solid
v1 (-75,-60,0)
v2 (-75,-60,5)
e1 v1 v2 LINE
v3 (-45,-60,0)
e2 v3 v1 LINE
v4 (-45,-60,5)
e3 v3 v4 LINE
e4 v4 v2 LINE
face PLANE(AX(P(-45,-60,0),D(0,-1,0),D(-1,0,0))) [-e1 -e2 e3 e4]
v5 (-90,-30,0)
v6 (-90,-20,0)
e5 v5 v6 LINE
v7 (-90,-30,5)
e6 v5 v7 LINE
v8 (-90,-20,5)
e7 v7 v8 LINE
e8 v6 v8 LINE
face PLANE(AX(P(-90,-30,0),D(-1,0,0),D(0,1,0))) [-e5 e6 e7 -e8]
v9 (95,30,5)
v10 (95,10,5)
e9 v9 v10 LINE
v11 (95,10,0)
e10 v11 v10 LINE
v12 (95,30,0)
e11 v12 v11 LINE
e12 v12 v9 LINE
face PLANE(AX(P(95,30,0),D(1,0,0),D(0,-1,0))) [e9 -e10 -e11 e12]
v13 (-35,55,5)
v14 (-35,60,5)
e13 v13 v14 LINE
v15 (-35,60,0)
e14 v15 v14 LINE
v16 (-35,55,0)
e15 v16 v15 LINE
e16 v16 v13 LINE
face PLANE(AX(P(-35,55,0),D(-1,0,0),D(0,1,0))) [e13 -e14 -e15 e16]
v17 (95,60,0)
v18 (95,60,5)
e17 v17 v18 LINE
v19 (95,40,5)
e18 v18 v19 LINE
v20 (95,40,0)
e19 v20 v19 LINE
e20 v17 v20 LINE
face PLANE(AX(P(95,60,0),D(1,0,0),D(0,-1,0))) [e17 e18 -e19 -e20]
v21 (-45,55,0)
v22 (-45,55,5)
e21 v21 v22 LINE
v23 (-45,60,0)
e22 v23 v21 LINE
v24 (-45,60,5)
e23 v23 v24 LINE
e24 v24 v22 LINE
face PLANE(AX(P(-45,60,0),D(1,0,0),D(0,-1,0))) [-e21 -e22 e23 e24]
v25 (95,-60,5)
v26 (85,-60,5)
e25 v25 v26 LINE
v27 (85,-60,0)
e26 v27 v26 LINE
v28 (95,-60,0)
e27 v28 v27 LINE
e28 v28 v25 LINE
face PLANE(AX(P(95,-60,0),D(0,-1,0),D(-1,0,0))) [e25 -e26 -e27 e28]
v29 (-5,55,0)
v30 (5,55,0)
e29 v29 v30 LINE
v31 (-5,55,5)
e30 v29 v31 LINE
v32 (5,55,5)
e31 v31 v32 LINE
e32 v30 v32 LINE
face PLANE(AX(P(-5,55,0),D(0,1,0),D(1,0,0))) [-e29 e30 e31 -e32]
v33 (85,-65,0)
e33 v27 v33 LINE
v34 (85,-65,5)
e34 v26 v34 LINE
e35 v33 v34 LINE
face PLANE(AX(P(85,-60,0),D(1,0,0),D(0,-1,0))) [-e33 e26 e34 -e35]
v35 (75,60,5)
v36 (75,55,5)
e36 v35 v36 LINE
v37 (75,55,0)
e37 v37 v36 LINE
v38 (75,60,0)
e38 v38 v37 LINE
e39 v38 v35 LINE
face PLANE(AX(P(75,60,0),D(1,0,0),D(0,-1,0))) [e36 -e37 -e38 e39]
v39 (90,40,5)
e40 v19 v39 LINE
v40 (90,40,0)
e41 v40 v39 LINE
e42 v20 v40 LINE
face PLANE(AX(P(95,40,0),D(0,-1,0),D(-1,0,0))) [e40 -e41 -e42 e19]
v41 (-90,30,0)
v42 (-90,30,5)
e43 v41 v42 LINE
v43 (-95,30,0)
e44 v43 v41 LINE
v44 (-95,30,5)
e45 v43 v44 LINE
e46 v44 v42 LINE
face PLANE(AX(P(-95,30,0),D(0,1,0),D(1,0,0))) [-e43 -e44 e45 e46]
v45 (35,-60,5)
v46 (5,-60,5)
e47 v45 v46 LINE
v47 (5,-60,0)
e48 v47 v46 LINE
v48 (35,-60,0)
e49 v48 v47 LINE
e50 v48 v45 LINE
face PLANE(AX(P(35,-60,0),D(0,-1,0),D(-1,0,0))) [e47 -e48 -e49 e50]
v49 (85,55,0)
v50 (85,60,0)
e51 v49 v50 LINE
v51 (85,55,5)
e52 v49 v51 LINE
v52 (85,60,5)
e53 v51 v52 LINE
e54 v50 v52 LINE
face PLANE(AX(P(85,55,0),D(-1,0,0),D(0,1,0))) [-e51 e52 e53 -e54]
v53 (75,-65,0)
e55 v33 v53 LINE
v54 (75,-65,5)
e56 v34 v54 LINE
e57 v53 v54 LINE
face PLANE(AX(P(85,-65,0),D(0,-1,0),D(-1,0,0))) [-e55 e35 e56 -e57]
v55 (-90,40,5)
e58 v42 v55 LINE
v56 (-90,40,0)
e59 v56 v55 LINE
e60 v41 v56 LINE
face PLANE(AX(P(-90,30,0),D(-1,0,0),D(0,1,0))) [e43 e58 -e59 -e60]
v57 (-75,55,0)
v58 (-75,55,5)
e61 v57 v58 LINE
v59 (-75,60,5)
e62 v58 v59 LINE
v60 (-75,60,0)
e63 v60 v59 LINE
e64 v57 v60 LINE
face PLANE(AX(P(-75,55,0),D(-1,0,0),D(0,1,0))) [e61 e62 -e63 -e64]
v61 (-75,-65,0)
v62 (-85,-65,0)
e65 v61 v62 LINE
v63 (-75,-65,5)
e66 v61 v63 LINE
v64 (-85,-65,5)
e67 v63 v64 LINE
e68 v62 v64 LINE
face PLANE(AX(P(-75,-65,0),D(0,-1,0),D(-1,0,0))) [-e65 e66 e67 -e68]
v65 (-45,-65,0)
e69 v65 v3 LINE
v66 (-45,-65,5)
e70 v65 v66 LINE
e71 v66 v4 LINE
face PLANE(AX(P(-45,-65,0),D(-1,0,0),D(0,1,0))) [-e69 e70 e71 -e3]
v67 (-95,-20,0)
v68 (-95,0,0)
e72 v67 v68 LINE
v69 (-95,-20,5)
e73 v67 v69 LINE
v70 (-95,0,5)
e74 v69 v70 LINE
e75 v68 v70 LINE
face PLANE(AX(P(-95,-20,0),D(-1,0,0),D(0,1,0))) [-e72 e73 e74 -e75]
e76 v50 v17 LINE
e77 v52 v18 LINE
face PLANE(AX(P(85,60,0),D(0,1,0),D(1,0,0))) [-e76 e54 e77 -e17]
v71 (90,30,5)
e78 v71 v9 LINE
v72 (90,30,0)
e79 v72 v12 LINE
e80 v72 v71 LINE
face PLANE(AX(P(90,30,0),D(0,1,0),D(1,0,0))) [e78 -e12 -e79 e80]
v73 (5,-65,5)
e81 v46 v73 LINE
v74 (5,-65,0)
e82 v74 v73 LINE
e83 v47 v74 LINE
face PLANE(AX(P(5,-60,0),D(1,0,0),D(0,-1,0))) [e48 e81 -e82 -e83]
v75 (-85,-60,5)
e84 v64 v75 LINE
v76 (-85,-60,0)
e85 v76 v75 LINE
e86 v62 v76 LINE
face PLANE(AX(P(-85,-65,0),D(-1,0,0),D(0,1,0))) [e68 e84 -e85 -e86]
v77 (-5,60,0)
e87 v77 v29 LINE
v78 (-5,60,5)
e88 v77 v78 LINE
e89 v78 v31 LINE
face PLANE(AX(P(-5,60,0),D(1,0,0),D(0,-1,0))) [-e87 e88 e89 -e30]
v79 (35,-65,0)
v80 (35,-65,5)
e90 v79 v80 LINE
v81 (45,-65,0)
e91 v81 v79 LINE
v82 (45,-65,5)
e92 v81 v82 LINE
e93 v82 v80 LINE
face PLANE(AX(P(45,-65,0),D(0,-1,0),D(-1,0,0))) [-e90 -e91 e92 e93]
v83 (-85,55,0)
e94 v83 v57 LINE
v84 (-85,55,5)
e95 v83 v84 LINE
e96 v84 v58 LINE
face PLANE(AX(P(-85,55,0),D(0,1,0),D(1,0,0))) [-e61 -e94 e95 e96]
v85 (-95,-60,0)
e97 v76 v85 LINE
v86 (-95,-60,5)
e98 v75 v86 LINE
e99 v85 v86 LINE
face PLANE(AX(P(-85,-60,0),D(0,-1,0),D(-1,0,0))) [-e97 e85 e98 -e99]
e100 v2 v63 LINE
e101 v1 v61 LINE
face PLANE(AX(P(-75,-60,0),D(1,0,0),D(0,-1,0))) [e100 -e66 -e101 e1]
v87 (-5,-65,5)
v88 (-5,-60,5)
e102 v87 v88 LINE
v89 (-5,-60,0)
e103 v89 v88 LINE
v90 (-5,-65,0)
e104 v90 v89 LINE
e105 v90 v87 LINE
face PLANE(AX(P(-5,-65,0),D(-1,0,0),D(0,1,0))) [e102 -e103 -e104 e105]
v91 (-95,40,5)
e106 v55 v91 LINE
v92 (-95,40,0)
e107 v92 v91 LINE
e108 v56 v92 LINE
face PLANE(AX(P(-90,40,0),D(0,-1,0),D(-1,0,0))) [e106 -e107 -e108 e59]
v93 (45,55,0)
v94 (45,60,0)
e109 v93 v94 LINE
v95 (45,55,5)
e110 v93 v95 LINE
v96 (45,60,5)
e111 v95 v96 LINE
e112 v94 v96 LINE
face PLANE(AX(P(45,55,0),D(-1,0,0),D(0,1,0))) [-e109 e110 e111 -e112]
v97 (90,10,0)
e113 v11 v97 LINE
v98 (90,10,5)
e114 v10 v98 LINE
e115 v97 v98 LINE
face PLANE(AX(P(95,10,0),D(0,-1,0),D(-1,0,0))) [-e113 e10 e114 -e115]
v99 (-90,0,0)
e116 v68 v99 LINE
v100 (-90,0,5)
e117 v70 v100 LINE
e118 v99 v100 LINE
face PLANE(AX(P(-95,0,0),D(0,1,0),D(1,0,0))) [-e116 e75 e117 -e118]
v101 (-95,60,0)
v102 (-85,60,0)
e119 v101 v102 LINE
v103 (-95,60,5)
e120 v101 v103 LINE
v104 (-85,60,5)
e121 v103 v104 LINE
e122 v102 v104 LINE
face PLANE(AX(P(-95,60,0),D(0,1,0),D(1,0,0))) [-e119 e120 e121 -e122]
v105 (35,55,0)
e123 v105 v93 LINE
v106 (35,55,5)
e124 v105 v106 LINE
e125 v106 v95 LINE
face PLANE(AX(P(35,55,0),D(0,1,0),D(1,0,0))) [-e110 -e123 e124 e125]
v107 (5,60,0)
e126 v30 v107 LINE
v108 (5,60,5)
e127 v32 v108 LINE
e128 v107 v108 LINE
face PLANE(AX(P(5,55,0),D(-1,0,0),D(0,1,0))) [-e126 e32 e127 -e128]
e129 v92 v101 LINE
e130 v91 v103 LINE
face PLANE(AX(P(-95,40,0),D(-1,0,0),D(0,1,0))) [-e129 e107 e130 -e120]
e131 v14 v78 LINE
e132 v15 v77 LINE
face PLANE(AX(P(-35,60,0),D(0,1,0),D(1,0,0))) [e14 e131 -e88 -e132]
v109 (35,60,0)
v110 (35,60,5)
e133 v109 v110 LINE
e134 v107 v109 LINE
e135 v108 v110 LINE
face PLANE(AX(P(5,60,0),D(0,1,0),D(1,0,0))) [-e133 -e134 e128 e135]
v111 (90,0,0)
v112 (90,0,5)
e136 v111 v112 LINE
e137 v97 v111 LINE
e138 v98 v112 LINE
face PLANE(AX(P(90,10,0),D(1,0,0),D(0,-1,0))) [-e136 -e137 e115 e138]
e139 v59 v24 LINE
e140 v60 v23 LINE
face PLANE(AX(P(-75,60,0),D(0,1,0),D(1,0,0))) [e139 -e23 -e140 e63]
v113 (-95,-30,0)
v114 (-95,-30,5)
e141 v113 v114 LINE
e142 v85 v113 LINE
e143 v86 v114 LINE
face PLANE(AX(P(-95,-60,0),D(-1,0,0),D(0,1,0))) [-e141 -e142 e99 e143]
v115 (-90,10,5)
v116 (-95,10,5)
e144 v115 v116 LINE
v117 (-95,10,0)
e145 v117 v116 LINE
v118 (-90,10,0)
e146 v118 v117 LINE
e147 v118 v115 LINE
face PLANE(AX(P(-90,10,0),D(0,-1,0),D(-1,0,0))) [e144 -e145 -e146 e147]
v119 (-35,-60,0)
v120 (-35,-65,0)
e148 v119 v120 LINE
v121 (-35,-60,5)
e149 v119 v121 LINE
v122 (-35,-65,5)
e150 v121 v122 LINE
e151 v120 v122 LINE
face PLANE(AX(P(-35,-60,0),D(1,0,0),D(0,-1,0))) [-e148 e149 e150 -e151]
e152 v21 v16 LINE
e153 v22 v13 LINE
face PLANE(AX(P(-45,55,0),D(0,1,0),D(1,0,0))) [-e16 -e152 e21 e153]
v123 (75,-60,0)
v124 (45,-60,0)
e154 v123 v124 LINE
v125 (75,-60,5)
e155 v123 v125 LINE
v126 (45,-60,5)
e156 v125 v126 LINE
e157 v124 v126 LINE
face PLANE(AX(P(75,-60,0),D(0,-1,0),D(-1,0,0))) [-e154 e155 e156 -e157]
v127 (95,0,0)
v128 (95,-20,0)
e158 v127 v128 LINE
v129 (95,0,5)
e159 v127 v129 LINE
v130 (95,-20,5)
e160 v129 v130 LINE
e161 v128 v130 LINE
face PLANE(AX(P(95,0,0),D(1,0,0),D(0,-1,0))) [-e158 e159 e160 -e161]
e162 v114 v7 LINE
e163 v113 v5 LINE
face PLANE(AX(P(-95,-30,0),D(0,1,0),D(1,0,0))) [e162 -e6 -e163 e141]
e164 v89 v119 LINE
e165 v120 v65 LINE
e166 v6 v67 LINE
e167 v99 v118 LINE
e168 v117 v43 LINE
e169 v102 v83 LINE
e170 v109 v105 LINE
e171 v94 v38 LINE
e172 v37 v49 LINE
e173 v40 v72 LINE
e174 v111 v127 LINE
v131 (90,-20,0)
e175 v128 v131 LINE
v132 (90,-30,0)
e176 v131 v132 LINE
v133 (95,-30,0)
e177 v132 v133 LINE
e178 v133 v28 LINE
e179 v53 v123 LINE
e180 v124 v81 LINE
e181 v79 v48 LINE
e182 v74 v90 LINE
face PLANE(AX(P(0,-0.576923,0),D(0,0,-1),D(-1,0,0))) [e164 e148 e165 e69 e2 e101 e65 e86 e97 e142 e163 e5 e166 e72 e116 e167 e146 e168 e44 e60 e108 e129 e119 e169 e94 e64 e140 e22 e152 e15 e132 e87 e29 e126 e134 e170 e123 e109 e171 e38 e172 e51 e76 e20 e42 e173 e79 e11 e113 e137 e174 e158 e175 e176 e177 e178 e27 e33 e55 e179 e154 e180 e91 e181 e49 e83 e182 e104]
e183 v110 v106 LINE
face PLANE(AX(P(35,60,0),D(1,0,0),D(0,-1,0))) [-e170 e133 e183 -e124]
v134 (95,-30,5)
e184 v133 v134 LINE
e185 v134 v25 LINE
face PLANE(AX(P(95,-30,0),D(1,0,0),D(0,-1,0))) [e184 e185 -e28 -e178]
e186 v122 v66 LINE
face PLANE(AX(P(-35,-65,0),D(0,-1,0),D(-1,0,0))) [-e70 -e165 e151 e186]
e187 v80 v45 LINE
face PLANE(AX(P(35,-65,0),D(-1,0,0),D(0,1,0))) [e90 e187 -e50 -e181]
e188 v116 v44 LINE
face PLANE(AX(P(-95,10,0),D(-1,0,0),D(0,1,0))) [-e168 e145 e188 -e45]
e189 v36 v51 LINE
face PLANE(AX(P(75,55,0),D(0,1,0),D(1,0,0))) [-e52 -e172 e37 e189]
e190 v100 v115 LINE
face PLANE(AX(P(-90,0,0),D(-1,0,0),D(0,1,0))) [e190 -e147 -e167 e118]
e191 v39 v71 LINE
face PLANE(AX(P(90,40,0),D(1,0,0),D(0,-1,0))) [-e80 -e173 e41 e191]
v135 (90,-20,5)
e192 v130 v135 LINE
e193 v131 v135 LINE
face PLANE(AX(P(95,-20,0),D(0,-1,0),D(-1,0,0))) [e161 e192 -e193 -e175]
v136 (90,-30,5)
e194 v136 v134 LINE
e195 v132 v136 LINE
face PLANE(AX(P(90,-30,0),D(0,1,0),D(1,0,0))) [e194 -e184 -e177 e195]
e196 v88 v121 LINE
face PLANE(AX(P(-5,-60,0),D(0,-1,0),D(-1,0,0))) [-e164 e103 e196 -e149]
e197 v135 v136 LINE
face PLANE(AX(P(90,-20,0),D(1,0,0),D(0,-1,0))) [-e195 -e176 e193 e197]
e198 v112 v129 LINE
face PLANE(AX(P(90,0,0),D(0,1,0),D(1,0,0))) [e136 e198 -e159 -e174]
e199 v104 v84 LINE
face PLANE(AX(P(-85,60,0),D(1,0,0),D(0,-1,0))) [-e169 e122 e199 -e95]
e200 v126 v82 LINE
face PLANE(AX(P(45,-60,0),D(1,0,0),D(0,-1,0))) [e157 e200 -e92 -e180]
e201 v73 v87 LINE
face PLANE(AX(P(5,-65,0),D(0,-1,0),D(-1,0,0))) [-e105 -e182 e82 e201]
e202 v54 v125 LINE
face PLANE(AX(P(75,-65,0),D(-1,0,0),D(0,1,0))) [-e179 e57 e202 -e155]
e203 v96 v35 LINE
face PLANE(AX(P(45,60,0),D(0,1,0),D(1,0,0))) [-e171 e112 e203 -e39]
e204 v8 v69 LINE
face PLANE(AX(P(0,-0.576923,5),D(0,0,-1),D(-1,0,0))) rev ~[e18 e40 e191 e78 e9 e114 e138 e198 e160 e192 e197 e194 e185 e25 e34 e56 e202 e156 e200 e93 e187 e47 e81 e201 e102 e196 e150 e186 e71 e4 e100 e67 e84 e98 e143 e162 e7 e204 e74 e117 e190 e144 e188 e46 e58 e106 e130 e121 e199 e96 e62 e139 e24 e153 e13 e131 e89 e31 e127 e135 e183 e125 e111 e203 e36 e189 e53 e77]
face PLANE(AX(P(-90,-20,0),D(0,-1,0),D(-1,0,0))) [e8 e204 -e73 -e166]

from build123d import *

# Parameters (mm, degrees)
BOSS_EXTRUDE1_DEPTH = 5


with BuildPart() as part:
    # Sketch1 → Boss-Extrude1 (new body)
    with BuildSketch(Plane.XY):
        Polygon((-85, 60), (-85, 55), (-75, 55), (-75, 60), (-45, 60), (-45, 55), (-35, 55), (-35, 60), (-5, 60), (-5, 55), (5, 55), (5, 60), (35, 60), (35, 55), (45, 55), (45, 60), (75, 60), (75, 55), (85, 55), (85, 60), (95, 60), (95, 40), (90, 40), (90, 30), (95, 30), (95, 10), (90, 10), (90, 0), (95, 0), (95, -20), (90, -20), (90, -30), (95, -30), (95, -60), (85, -60), (85, -65), (75, -65), (75, -60), (45, -60), (45, -65), (35, -65), (35, -60), (5, -60), (5, -65), (-5, -65), (-5, -60), (-35, -60), (-35, -65), (-45, -65), (-45, -60), (-75, -60), (-75, -65), (-85, -65), (-85, -60), (-95, -60), (-95, -30), (-90, -30), (-90, -20), (-95, -20), (-95, 0), (-90, 0), (-90, 10), (-95, 10), (-95, 30), (-90, 30), (-90, 40), (-95, 40), (-95, 60), align=None)
    extrude(amount=BOSS_EXTRUDE1_DEPTH)


solid = part.part
